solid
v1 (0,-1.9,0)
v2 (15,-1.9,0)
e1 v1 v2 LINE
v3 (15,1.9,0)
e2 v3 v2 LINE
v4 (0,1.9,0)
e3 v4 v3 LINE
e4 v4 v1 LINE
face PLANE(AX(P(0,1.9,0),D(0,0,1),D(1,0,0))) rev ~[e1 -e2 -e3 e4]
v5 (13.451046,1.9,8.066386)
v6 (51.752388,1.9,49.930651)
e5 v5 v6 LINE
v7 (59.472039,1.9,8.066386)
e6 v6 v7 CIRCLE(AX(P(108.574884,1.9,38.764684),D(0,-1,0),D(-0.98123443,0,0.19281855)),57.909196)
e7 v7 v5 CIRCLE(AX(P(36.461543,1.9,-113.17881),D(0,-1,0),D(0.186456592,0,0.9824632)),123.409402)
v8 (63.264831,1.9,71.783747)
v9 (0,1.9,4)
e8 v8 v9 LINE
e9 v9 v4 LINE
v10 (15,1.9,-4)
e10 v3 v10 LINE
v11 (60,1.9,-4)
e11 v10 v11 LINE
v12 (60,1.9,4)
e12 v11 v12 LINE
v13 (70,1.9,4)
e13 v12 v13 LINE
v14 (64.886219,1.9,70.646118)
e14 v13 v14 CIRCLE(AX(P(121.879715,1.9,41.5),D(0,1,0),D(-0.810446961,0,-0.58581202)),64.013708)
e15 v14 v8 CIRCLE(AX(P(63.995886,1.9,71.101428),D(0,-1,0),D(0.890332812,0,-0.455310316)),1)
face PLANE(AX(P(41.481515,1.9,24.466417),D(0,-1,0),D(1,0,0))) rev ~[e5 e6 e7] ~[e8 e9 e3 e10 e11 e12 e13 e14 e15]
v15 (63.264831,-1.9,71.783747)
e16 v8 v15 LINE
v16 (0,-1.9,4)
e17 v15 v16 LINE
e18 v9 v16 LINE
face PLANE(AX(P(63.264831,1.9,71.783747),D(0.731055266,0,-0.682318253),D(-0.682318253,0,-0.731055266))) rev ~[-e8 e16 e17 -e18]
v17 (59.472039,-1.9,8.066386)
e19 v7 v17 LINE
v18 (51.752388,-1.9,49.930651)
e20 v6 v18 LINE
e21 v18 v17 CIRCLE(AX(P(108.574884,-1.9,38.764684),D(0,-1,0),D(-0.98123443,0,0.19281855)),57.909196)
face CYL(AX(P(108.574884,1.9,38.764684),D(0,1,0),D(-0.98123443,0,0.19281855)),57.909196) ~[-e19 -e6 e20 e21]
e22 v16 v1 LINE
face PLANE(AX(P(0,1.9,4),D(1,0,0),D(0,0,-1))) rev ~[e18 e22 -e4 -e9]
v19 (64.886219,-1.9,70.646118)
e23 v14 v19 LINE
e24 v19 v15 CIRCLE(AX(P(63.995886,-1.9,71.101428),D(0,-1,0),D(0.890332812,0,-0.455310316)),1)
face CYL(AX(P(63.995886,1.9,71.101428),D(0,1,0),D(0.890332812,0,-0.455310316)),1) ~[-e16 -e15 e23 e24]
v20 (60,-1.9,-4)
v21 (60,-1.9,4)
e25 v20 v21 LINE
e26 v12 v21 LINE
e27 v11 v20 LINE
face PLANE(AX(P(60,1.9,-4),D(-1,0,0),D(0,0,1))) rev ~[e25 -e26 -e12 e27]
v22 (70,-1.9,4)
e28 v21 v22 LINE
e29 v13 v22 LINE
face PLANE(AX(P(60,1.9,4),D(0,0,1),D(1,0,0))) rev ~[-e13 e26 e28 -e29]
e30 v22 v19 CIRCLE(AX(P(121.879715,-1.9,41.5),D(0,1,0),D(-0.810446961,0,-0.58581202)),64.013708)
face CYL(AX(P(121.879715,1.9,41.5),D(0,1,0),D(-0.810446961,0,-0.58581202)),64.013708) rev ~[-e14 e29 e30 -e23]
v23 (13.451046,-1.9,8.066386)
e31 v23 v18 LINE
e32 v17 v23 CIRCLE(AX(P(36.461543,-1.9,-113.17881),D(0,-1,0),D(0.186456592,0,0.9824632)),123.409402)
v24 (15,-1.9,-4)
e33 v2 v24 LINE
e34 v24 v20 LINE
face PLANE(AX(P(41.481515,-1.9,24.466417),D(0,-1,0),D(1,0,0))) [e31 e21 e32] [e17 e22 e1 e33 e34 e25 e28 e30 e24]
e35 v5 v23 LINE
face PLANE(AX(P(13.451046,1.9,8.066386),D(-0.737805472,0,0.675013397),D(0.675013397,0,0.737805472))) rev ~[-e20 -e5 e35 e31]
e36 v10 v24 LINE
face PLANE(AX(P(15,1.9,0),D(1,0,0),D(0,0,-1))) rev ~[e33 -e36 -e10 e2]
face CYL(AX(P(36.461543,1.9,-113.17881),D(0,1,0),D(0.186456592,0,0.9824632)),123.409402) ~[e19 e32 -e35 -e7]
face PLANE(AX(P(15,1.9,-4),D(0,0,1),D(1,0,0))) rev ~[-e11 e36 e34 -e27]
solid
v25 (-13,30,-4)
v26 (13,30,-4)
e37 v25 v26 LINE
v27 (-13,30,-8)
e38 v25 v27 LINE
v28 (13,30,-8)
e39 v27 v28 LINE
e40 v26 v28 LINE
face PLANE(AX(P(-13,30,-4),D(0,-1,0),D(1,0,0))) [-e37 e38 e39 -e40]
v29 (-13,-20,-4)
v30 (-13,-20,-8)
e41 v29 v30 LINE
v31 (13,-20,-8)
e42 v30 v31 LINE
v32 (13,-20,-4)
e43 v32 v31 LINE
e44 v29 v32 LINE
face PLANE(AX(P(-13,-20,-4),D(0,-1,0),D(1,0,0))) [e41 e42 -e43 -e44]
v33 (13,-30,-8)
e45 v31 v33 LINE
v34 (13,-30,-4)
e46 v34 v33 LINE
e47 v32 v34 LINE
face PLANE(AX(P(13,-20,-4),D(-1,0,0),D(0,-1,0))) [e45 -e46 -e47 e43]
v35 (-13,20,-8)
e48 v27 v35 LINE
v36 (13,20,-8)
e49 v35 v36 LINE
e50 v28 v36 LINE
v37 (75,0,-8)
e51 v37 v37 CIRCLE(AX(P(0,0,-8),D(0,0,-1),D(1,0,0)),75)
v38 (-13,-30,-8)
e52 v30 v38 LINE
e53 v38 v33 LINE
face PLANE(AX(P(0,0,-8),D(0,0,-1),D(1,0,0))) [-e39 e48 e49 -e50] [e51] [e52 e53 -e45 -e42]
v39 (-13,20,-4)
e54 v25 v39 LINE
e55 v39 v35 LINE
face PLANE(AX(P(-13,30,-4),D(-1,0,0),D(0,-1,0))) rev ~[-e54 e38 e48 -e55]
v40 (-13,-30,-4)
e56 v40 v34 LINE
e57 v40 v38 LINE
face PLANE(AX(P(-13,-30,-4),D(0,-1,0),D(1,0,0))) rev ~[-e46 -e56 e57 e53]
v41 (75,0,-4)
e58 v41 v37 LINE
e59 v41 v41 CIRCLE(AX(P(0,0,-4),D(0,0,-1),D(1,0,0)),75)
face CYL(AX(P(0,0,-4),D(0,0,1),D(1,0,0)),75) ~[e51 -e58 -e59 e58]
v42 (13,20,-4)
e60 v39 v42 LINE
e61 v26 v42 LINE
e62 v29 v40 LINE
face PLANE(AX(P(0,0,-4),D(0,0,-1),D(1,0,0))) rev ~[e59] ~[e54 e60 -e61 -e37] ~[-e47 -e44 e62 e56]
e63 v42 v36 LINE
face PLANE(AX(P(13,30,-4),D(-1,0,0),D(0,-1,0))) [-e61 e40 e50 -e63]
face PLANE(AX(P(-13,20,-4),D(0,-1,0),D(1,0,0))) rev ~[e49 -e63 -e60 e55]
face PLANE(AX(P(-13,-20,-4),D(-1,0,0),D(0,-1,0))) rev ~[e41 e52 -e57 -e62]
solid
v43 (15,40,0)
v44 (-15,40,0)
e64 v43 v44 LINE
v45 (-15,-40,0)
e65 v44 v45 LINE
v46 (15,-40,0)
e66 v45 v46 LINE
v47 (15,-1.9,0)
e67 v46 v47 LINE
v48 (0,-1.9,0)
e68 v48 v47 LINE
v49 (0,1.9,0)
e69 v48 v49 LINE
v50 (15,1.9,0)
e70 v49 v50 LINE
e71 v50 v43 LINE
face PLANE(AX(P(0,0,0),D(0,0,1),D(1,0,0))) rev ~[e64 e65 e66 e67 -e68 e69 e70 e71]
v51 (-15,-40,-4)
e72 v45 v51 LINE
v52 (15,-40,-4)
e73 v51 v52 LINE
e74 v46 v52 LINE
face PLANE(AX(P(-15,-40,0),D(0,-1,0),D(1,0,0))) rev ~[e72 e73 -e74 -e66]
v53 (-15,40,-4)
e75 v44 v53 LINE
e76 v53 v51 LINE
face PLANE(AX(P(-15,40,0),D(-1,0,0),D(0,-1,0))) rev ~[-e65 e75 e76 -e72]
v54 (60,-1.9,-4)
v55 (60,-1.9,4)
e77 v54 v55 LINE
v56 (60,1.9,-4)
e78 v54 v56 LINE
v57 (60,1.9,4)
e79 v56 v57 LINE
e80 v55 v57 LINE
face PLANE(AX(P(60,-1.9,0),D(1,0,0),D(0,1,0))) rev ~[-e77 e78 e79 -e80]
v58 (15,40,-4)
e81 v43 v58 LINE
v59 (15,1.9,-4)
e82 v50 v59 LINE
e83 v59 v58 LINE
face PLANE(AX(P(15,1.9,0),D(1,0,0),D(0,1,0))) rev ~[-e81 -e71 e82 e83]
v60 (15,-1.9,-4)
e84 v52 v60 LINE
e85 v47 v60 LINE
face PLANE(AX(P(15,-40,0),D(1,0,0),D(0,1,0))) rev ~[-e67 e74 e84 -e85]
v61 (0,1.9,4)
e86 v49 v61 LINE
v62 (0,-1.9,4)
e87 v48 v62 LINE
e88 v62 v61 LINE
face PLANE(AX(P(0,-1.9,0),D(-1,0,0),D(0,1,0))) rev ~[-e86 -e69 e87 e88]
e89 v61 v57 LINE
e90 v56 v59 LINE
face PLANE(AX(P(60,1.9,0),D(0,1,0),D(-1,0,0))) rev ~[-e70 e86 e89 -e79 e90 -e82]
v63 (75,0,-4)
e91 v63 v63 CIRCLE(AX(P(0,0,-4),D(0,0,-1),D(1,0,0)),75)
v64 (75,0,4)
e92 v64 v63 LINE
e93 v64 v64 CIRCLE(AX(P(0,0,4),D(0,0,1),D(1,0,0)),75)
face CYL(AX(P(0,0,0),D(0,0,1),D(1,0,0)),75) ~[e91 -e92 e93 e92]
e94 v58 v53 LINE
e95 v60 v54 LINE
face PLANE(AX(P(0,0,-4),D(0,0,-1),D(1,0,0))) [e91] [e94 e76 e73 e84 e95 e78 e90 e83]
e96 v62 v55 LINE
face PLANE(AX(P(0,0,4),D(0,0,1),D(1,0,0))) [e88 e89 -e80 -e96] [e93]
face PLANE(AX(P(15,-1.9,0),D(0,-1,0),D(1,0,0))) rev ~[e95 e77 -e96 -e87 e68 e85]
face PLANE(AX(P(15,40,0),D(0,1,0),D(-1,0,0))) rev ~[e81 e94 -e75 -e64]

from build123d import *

# Parameters (mm, degrees)
F0_R     = 75
F0_W     = 60
F0_H     = 3.8
F1_DEPTH = 4
F2_R     = 75
F3_DEPTH = 4
F4_R     = 75
F4_W     = 26
F4_H     = 10
F5_DEPTH = 4
F7_DEPTH = 3.8


with BuildPart() as f1:
    # F0 (on Top) → F1 (new body)
    with BuildSketch(Plane.XY):
        Circle(F0_R)
        with Locations((30, 0)):
            Rectangle(F0_W, F0_H, mode=Mode.SUBTRACT)
    extrude(amount=F1_DEPTH)

    # F2 (on face) → F3 (join)
    with BuildSketch(Plane(origin=(0, 0, 0), x_dir=(1, 0, 0), z_dir=(0, 0, -1))):
        Circle(F2_R)
        Polygon((15, 40), (15, 1.9), (60, 1.9), (60, -1.9), (15, -1.9), (15, -40), (-15, -40), (-15, 40), align=None, mode=Mode.SUBTRACT)
    extrude(amount=F3_DEPTH)


with BuildPart() as f5:
    # F4 (on face) → F5 (new body)
    with BuildSketch(Plane(origin=(0, 0, -4), x_dir=(1, 0, 0), z_dir=(0, 0, -1))):
        Circle(F4_R)
        with Locations((0, -25)):
            Rectangle(F4_W, F4_H, mode=Mode.SUBTRACT)
        with Locations((0, 25)):
            Rectangle(F4_W, F4_H, mode=Mode.SUBTRACT)
    extrude(amount=F5_DEPTH)


with BuildPart() as f7:
    # F6 (on face) → F7 (new body)
    with BuildSketch(Plane.XZ.offset(-1.9)):
        with BuildLine():
            Line((0, 4), (0, 0))
            Line((0, 0), (15, 0))
            Line((15, 0), (15, -4))
            Line((15, -4), (60, -4))
            Line((60, -4), (60, 4))
            Line((60, 4), (70, 4))
            ThreePointArc((70, 4), (58.053621, 36.6026), (64.886219, 70.646118))
            ThreePointArc((64.886219, 70.646118), (64.570248, 71.92003), (63.264831, 71.783747))
            Line((63.264831, 71.783747), (0, 4))
        make_face()
        with BuildLine():
            Line((13.451046, 8.066386), (51.752388, 49.930651))
            ThreePointArc((51.752388, 49.930651), (51.625796, 28.263434), (59.472039, 8.066386))
            ThreePointArc((59.472039, 8.066386), (36.461543, 10.230592), (13.451046, 8.066386))
        make_face(mode=Mode.SUBTRACT)
    extrude(amount=F7_DEPTH)


solid = Compound([f1.part, f5.part, f7.part])
